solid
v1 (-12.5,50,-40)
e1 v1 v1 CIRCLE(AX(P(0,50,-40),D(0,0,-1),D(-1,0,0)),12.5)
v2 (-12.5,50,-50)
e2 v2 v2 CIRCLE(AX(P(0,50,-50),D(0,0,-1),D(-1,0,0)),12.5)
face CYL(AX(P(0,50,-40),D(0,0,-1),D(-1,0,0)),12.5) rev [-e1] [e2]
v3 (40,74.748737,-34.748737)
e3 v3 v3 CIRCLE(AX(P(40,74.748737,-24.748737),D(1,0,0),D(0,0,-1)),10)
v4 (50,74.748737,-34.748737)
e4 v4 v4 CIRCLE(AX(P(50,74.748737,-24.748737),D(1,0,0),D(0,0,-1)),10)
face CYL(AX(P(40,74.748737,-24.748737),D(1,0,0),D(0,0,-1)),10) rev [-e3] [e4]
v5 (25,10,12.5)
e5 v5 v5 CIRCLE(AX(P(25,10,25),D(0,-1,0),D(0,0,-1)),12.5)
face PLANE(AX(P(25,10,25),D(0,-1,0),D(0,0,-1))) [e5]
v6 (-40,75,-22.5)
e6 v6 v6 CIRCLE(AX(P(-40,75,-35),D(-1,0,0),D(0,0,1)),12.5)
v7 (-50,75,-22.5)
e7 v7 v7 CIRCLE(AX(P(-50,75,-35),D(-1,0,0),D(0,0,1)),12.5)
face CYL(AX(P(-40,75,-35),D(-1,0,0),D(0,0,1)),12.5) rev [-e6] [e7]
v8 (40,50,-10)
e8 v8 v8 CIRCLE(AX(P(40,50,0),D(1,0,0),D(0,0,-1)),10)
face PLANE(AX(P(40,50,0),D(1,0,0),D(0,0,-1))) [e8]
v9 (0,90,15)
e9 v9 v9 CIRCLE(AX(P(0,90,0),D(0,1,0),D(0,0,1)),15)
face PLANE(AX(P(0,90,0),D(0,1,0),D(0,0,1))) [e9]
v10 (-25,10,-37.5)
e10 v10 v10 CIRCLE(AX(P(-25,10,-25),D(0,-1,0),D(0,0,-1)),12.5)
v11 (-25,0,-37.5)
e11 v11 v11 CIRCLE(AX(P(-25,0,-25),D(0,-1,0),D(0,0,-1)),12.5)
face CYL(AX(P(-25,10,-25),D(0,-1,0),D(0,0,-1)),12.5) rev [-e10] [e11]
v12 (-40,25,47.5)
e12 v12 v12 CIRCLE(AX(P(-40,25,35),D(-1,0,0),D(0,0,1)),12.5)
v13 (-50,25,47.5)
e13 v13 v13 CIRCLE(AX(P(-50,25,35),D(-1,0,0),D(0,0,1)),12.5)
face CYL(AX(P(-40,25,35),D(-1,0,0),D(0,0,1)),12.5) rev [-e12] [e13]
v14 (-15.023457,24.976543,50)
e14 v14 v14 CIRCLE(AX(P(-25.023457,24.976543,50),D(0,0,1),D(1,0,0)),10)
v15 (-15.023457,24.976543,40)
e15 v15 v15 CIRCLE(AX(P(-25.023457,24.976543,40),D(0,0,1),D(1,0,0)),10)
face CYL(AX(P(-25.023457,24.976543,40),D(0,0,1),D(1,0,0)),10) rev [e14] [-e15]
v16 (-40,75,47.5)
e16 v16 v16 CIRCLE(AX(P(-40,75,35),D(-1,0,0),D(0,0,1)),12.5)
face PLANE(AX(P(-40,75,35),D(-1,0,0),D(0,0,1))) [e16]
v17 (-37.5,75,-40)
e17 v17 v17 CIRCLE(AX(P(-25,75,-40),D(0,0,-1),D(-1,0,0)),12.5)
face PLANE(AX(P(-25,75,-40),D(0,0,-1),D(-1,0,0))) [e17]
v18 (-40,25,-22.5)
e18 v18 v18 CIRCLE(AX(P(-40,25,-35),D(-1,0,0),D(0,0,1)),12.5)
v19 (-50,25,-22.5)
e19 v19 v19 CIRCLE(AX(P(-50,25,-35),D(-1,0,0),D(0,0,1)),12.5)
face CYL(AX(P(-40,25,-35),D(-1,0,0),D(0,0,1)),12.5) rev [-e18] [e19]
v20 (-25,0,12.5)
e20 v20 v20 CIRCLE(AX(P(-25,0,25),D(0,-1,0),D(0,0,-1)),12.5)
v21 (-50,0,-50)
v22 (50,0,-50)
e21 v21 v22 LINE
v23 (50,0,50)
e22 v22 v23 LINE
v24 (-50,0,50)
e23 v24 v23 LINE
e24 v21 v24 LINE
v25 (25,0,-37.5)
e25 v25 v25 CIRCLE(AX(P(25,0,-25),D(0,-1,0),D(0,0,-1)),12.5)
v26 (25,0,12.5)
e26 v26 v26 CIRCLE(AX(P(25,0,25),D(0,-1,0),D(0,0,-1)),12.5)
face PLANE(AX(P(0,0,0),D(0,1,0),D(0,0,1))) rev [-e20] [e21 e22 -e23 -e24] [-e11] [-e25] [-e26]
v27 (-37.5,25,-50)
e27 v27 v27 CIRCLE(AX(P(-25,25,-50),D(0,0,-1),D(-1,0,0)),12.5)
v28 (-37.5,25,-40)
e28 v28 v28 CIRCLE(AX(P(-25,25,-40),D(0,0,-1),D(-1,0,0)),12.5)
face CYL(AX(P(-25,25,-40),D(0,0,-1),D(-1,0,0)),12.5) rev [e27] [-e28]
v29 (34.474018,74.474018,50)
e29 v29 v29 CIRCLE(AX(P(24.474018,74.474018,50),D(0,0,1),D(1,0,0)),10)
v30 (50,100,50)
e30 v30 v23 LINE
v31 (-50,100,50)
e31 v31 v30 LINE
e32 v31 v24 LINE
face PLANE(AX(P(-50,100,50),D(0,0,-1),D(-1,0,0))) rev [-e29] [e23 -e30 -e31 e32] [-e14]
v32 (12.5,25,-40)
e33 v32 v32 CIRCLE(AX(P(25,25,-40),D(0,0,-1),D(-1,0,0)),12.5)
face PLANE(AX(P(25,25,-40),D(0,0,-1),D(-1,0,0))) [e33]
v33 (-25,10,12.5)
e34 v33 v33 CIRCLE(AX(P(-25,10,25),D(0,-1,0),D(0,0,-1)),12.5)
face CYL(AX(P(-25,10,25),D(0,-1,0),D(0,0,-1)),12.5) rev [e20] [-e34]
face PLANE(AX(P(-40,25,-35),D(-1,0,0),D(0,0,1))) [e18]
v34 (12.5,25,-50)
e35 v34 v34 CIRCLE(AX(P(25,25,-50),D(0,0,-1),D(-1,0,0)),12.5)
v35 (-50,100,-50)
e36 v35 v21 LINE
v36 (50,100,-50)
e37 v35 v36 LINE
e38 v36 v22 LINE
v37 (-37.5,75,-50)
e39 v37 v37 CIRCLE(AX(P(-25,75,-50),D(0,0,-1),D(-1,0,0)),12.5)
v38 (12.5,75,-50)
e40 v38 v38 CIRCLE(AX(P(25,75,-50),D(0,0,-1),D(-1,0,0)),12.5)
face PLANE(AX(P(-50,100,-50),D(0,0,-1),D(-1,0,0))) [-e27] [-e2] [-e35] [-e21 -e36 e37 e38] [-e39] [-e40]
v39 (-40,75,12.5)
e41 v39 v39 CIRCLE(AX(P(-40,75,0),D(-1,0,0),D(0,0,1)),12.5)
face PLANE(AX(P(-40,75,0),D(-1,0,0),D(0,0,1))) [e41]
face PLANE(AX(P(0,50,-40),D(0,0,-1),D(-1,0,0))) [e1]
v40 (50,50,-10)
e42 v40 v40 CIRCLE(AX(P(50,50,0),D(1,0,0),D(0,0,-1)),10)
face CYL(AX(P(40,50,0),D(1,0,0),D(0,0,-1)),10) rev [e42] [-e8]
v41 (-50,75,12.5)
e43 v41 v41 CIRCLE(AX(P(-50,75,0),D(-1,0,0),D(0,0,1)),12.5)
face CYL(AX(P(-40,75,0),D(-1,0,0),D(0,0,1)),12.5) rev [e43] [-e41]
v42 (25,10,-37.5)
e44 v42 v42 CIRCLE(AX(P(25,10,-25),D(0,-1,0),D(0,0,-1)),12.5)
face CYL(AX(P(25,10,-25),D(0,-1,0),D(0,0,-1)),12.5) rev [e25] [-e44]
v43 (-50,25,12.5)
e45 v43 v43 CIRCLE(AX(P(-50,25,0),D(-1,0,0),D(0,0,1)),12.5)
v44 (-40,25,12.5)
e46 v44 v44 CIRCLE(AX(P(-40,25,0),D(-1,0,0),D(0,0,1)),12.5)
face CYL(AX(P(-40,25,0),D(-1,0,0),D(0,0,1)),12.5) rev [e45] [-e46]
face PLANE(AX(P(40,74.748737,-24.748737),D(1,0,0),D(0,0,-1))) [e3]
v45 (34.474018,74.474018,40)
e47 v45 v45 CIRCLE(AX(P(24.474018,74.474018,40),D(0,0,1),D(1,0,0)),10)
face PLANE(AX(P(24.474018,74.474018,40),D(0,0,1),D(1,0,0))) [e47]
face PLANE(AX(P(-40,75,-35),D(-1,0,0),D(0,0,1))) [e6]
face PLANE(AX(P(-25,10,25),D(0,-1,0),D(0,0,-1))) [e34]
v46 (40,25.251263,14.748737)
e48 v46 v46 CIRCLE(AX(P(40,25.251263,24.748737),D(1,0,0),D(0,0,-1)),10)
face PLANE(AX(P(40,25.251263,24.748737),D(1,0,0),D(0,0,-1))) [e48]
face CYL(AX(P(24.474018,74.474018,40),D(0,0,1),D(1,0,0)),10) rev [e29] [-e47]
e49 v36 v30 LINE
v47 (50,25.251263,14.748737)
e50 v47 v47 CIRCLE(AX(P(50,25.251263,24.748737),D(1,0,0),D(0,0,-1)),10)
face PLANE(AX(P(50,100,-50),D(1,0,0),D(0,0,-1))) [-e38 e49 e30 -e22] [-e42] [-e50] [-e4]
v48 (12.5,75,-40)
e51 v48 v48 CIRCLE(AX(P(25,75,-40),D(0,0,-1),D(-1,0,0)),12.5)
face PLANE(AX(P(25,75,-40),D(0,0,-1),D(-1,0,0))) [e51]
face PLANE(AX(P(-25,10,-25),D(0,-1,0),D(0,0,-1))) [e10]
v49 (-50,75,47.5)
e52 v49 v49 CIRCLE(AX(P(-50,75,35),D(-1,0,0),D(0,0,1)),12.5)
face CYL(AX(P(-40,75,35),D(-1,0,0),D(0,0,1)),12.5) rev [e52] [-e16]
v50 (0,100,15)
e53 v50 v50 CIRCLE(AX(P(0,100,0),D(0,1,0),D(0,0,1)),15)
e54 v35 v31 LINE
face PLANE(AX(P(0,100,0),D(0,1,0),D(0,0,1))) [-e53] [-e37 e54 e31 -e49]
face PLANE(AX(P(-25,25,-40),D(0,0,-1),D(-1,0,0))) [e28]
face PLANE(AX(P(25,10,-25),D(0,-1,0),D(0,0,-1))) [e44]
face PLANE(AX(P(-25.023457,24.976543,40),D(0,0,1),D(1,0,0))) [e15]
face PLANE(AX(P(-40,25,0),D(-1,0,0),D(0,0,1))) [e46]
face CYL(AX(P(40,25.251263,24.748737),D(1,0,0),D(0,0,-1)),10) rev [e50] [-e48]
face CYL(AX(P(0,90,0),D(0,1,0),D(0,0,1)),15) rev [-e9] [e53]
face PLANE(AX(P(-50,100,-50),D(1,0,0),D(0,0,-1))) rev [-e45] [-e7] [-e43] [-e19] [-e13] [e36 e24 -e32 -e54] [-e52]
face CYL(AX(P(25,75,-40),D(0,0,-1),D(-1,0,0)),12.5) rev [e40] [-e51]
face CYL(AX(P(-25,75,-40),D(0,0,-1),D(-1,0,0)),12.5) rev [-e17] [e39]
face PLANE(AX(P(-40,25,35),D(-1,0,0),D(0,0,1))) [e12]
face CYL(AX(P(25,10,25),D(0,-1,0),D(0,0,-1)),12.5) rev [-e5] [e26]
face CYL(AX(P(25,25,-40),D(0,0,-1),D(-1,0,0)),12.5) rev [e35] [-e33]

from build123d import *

# Parameters (mm, degrees)
SKETCH7_W           = 100
SKETCH7_H           = 100
BOSS_EXTRUDE1_DEPTH = 100
SKETCH8_R           = 15
CUT_EXTRUDE1_DEPTH  = 10
SKETCH9_R           = 10
CUT_EXTRUDE2_DEPTH  = 10
SKETCH10_R          = 10
CUT_EXTRUDE3_DEPTH  = 10
SKETCH13_R          = 12.5
CUT_EXTRUDE4_DEPTH  = 10
SKETCH14_R          = 12.5
CUT_EXTRUDE5_DEPTH  = 10
SKETCH16_R          = 12.5
CUT_EXTRUDE11_DEPTH = 10


with BuildPart() as part:
    # Sketch7 → Boss-Extrude1 (new body)
    with BuildSketch(Plane(origin=(0, 0, 0), x_dir=(1, 0, 0), z_dir=(0, 1, 0))):
        Rectangle(SKETCH7_W, SKETCH7_H)
    extrude(amount=BOSS_EXTRUDE1_DEPTH)

    # Sketch8 → Cut-Extrude1 (cut)
    with BuildSketch(Plane(origin=(0, 100, 0), x_dir=(1, 0, 0), z_dir=(0, 1, 0))):
        with Locations(Location((0, 0, 0), (0, 0, 270))):
            Circle(SKETCH8_R)
    extrude(amount=-CUT_EXTRUDE1_DEPTH, mode=Mode.SUBTRACT)

    # Sketch9 → Cut-Extrude2 (cut)
    with BuildSketch(Plane(origin=(50, 0, 0), x_dir=(0, 0, -1), z_dir=(1, 0, 0))):
        with Locations((0, 50)):
            Circle(SKETCH9_R)
        with Locations((24.748737342, 74.748737342)):
            Circle(SKETCH9_R)
        with Locations((-24.748737342, 25.251262658)):
            Circle(SKETCH9_R)
    extrude(amount=-CUT_EXTRUDE2_DEPTH, mode=Mode.SUBTRACT)

    # Sketch10 → Cut-Extrude3 (cut)
    with BuildSketch(Plane.XY.offset(50)):
        with Locations((-25.023456699, 24.976543301)):
            Circle(SKETCH10_R)
        with Locations((24.474017984, 74.474017984)):
            Circle(SKETCH10_R)
    extrude(amount=-CUT_EXTRUDE3_DEPTH, mode=Mode.SUBTRACT)

    # Sketch13 → Cut-Extrude4 (cut)
    with BuildSketch(Plane(origin=(0, 0, 0), x_dir=(-1, 0, 0), z_dir=(0, -1, 0))):
        with Locations(Location((25, -25, 0), (0, 0, 90))):
            Circle(SKETCH13_R)
        with Locations(Location((-25, -25, 0), (0, 0, 90))):
            Circle(SKETCH13_R)
        with Locations(Location((25, 25, 0), (0, 0, 90))):
            Circle(SKETCH13_R)
        with Locations(Location((-25, 25, 0), (0, 0, 90))):
            Circle(SKETCH13_R)
    extrude(amount=-CUT_EXTRUDE4_DEPTH, mode=Mode.SUBTRACT)

    # Sketch14 → Cut-Extrude5 (cut)
    with BuildSketch(Plane(origin=(0, 0, -50), x_dir=(-1, 0, 0), z_dir=(0, 0, -1))):
        with Locations((25, 25)):
            Circle(SKETCH14_R)
        with Locations((-25, 25)):
            Circle(SKETCH14_R)
        with Locations((25, 75)):
            Circle(SKETCH14_R)
        with Locations((-25, 75)):
            Circle(SKETCH14_R)
        with Locations((0, 50)):
            Circle(SKETCH14_R)
    extrude(amount=-CUT_EXTRUDE5_DEPTH, mode=Mode.SUBTRACT)

    # Sketch16 → Cut-Extrude11 (cut)
    with BuildSketch(Plane.ZY.offset(50)):
        with Locations((-35, 75)):
            Circle(SKETCH16_R)
        with Locations((0, 75)):
            Circle(SKETCH16_R)
        with Locations((35, 75)):
            Circle(SKETCH16_R)
        with Locations((-35, 25)):
            Circle(SKETCH16_R)
        with Locations((0, 25)):
            Circle(SKETCH16_R)
        with Locations((35, 25)):
            Circle(SKETCH16_R)
    extrude(amount=-CUT_EXTRUDE11_DEPTH, mode=Mode.SUBTRACT)


solid = part.part
